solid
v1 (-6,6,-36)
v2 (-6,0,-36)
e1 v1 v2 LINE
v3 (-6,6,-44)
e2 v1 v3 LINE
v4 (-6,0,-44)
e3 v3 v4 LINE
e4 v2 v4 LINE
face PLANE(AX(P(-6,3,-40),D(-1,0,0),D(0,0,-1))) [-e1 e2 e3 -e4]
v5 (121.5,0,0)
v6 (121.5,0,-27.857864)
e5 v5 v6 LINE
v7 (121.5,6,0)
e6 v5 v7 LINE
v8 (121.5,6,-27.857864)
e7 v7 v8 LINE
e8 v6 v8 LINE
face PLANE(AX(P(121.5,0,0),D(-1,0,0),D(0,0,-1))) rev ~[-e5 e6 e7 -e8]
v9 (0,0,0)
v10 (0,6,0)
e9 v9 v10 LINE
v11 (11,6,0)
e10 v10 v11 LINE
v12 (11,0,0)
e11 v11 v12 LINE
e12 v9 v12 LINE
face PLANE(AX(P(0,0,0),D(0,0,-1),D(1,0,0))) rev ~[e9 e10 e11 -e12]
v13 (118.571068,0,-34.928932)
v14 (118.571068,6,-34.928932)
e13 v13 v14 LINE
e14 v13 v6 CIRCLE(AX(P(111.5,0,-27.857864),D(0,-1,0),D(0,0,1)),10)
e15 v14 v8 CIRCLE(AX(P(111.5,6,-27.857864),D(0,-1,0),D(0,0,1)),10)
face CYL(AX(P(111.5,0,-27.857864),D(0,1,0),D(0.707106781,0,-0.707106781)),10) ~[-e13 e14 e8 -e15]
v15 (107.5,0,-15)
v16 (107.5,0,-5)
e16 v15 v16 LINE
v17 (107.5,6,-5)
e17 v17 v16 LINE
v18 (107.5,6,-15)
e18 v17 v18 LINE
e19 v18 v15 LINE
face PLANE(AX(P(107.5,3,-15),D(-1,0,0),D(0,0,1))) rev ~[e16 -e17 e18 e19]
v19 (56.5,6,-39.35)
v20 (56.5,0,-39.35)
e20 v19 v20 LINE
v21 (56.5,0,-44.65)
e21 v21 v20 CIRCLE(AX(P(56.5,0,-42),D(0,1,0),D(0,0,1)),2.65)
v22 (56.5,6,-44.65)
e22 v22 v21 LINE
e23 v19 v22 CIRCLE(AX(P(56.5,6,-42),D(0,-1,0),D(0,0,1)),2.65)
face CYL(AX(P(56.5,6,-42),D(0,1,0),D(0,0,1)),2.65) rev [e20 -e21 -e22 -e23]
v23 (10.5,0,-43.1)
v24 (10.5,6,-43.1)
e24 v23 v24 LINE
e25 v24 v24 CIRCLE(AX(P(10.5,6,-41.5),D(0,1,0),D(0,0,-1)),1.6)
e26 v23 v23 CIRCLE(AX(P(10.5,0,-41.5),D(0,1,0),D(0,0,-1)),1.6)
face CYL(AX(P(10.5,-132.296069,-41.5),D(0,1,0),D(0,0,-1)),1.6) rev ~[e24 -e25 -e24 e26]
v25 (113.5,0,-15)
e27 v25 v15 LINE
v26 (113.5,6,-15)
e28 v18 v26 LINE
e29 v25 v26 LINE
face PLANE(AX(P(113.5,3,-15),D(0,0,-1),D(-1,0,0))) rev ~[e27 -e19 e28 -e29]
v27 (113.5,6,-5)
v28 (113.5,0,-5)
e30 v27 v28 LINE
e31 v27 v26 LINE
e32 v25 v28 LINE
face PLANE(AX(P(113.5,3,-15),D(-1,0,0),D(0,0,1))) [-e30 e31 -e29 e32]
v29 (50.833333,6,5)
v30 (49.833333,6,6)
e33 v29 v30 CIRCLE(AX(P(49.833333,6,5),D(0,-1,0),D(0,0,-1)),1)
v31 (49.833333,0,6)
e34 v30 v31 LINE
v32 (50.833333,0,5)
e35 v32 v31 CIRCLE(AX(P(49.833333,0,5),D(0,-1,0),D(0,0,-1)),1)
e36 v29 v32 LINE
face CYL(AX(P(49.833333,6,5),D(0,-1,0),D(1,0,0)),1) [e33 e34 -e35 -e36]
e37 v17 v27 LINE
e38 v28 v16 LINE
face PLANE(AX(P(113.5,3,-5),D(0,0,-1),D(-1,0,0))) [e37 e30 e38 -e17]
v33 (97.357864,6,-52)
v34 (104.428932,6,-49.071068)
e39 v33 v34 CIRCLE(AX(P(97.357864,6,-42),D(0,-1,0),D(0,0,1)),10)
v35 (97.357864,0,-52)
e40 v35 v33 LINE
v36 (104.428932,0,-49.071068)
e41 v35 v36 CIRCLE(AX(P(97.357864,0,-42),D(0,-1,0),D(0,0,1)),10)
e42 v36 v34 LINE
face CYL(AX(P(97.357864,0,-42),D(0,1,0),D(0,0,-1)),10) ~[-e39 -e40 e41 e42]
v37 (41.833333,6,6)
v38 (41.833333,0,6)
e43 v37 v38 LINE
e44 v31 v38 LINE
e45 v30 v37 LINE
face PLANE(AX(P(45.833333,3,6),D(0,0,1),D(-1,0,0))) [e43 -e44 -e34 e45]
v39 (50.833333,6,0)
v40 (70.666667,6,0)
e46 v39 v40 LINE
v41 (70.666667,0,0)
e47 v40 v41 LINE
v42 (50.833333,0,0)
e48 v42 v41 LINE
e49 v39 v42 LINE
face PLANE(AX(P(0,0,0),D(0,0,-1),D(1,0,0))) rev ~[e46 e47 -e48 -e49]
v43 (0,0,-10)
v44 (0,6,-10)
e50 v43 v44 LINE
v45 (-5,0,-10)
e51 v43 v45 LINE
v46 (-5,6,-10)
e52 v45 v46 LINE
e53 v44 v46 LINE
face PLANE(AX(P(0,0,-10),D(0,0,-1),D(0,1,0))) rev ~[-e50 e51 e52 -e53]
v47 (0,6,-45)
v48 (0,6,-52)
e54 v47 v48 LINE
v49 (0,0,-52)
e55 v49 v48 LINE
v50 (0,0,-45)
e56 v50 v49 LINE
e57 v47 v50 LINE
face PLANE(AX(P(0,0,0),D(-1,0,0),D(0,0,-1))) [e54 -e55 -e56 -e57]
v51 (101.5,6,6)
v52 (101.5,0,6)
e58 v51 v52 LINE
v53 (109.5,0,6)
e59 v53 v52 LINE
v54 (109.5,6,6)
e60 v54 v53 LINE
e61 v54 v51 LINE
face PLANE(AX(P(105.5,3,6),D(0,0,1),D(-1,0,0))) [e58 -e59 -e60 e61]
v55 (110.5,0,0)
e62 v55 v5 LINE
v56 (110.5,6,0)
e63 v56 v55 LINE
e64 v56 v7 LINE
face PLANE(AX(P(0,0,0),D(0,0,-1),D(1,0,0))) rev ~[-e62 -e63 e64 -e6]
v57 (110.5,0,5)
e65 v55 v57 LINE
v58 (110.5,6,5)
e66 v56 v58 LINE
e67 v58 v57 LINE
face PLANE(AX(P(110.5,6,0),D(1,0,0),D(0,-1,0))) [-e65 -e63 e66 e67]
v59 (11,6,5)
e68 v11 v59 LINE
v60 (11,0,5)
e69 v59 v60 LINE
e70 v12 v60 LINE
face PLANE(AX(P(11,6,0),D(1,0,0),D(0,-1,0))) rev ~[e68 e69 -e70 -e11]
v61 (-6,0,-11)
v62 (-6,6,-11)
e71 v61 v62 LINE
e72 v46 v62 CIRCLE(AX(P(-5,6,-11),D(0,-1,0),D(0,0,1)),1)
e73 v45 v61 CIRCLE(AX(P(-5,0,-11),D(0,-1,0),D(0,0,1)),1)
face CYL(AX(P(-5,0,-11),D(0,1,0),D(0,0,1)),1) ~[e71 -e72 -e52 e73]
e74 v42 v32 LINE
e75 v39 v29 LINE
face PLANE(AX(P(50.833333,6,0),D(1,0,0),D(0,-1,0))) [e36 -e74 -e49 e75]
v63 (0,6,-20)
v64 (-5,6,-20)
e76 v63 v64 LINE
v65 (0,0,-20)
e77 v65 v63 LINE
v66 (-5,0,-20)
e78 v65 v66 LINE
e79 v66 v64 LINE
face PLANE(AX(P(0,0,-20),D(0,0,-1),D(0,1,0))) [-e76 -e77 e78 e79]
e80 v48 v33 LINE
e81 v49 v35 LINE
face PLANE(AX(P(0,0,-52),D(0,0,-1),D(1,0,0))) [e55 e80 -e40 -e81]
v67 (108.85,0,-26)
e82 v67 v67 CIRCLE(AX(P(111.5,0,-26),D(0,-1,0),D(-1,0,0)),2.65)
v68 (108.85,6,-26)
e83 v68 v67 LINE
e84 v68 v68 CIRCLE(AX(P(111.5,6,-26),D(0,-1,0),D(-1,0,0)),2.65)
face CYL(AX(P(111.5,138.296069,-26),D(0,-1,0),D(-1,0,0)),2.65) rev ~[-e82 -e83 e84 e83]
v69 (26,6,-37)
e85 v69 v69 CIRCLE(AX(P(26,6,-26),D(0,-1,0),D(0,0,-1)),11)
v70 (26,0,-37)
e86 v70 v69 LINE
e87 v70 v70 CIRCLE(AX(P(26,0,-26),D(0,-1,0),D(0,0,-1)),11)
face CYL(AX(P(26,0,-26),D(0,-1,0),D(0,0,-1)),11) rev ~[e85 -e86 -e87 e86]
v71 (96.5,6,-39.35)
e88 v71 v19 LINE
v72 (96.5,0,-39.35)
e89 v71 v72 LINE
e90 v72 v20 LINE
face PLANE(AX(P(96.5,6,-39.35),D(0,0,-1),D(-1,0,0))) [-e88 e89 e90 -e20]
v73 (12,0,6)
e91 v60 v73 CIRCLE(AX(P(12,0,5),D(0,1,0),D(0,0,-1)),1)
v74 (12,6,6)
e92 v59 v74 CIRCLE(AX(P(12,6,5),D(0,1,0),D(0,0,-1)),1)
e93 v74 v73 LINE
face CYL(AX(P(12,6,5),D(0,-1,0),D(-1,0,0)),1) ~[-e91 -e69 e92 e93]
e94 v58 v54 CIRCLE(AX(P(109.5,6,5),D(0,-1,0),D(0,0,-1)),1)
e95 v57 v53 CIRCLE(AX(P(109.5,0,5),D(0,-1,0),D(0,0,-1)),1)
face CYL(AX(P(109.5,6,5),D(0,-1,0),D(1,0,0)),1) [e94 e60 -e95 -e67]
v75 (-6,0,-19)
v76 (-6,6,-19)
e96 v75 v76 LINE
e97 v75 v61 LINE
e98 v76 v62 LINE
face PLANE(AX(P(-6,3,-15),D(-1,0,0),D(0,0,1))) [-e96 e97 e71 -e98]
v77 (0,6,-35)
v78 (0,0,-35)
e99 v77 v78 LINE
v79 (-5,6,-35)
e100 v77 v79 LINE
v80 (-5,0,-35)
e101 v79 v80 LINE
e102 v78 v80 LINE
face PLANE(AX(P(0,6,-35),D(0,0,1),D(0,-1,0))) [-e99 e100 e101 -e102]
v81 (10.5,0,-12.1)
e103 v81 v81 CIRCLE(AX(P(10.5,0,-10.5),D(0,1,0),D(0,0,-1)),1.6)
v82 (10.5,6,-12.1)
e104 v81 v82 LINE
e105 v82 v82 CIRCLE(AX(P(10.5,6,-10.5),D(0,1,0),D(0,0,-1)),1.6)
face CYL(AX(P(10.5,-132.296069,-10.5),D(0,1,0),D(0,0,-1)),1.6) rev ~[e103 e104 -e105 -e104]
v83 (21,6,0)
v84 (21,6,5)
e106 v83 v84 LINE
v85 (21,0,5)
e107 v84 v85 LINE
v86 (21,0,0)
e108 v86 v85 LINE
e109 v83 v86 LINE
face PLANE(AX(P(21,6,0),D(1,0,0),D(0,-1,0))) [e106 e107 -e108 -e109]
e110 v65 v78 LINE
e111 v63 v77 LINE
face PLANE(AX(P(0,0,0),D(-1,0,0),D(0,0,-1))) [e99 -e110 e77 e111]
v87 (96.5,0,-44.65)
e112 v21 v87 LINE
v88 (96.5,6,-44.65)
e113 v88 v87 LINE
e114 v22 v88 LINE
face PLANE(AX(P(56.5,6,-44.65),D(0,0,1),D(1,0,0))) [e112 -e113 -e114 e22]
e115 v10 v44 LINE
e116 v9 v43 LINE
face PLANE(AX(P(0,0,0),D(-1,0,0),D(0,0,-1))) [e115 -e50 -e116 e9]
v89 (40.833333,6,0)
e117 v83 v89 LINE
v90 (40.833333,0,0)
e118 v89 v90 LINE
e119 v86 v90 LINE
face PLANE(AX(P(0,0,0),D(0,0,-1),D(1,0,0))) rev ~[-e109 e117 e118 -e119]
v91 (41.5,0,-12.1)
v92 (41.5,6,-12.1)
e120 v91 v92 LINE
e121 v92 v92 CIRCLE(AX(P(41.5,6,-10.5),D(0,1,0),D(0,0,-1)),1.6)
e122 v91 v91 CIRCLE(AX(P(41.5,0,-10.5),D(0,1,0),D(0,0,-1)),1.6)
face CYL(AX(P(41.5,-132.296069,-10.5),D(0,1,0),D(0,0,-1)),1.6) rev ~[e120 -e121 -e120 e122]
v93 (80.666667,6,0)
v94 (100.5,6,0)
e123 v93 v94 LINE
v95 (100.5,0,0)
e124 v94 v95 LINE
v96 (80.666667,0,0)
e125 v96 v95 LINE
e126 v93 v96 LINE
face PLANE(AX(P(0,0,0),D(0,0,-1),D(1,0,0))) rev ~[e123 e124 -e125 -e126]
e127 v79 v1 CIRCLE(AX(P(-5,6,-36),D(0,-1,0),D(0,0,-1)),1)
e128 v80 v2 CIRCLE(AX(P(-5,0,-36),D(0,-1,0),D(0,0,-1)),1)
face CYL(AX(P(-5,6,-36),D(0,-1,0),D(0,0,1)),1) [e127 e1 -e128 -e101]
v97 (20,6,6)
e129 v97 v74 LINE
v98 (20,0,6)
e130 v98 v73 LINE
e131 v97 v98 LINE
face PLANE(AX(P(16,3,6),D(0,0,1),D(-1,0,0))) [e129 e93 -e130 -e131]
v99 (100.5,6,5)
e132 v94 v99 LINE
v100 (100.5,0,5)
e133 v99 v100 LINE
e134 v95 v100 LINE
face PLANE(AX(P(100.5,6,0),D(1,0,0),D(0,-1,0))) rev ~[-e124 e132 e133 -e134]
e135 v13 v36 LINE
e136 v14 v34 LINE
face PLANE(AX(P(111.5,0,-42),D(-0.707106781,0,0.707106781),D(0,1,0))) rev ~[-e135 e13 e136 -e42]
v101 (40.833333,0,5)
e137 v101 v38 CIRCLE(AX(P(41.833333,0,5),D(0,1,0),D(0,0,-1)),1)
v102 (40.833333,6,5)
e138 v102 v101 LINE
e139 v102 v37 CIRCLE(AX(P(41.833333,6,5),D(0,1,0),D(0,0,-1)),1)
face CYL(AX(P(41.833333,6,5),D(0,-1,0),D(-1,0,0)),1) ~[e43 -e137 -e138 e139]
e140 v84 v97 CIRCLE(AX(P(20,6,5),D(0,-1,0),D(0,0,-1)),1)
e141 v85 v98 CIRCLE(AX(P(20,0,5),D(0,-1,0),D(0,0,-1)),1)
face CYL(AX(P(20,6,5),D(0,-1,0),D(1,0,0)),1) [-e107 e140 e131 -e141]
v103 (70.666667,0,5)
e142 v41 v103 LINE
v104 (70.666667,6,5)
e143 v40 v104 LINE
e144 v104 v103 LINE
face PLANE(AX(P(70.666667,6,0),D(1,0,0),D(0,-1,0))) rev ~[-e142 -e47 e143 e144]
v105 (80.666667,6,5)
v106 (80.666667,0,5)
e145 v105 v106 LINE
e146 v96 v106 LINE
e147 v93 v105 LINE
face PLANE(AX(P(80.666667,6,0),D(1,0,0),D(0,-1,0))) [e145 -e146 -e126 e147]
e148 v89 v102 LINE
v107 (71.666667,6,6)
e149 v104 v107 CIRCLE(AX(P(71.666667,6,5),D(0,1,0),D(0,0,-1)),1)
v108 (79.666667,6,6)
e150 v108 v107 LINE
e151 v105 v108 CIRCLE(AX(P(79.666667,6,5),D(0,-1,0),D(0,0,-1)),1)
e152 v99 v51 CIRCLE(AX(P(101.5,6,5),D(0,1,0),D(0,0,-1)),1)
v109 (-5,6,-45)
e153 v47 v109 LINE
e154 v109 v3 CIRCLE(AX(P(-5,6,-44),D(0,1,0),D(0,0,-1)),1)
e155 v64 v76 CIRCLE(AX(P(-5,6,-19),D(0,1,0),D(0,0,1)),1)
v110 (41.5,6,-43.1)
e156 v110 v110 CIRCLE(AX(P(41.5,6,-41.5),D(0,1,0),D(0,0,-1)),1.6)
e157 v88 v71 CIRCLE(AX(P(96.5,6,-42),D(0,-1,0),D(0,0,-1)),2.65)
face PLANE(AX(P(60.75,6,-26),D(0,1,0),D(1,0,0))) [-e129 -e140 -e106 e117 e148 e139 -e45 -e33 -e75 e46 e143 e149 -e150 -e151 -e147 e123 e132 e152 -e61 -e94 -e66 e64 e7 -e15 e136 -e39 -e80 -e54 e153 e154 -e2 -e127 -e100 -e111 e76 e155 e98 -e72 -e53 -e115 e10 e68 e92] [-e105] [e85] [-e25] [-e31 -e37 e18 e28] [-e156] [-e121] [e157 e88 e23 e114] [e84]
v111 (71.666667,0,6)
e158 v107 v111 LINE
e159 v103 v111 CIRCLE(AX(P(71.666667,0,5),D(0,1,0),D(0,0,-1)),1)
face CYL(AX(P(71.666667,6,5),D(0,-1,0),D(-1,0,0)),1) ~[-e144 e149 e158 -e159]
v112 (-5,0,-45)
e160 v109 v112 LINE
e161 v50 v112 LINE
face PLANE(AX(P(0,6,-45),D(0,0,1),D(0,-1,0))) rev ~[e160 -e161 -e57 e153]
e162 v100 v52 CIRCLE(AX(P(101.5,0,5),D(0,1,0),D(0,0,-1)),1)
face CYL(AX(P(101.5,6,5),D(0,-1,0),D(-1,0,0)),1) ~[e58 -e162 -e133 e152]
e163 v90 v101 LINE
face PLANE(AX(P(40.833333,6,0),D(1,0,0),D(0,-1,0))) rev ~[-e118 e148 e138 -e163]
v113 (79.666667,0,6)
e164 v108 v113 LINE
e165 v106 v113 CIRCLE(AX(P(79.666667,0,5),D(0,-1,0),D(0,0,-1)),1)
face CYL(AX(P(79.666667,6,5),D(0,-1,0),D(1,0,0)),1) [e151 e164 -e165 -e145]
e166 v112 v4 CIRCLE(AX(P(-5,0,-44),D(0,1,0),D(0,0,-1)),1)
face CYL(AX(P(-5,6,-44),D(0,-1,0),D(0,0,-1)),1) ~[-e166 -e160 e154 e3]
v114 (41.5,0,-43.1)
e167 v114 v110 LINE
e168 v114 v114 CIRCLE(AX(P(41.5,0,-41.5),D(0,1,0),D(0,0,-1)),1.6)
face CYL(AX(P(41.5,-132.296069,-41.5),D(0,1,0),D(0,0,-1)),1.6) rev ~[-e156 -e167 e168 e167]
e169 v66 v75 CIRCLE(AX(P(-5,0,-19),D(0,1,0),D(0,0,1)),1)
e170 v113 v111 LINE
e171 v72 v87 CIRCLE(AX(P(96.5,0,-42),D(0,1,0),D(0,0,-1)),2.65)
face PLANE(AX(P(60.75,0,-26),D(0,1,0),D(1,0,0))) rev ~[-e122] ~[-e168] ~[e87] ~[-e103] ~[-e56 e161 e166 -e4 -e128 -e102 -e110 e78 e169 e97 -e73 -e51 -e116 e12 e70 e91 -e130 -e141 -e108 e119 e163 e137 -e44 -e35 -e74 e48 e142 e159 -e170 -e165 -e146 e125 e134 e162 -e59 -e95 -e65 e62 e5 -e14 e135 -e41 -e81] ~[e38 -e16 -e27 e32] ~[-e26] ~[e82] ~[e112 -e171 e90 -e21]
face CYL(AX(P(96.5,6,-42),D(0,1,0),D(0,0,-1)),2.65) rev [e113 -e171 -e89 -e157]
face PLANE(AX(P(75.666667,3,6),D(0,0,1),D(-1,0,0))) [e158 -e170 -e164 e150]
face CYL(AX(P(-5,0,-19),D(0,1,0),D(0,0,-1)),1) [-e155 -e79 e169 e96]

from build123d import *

# Parameters (mm, degrees)
SKETCH1_W               = 121.5
SKETCH1_H               = 52
BOSS_EXTRUDE1_DEPTH     = 6
CHAMFER1_SIZE           = 20
M5_CLEARANCE_HOLE1_D    = 5.3
CUT_EXTRUDE4_DEPTH      = 7
M3_CLEARANCE_HOLE1_D    = 3.2
SKETCH6_R               = 11
CUT_EXTRUDE3_DEPTH      = 7
SKETCH234_W             = 10
SKETCH234_H             = 6
BOSS_EXTRUDE234_DEPTH   = 6
FILLET134_R             = 1
SKETCH2341_W            = 10
SKETCH2341_H            = 6
BOSS_EXTRUDE2341_DEPTH  = 6
FILLET1341_R            = 1
SKETCH2342_W            = 10
SKETCH2342_H            = 6
BOSS_EXTRUDE2342_DEPTH  = 6
FILLET1342_R            = 1
SKETCH2343_W            = 10
SKETCH2343_H            = 6
BOSS_EXTRUDE2343_DEPTH  = 6
FILLET1343_R            = 1
SKETCH2345_W            = 10
SKETCH2345_H            = 6
BOSS_EXTRUDE2345_DEPTH  = 6
FILLET1345_R            = 1
SKETCH2346_W            = 10
SKETCH2346_H            = 6
BOSS_EXTRUDE2346_DEPTH  = 6
FILLET1346_R            = 1
FILLET1347_R            = 10
SKETCH62_W              = 10
SKETCH62_H              = 6
CUT_EXTRUDE1_DEPTH      = 4
CUT_EXTRUDE1_DEPTH_BACK = 4


with BuildPart() as part:
    # Sketch1 → Boss-Extrude1 (new body)
    with BuildSketch(Plane(origin=(0, 0, 0), x_dir=(1, 0, 0), z_dir=(0, 1, 0))):
        with Locations((60.75, 26)):
            Rectangle(SKETCH1_W, SKETCH1_H)
    extrude(amount=BOSS_EXTRUDE1_DEPTH)

    # Chamfer1
    chamfer1_edges = [part.edges().sort_by_distance(p)[0] for p in [
        (121.5, 3, -52),
    ]]
    chamfer(chamfer1_edges, length=CHAMFER1_SIZE)

    # M5 Clearance Hole1 (through all)
    with Locations(Plane(origin=(0, 6, 0), x_dir=(1, 0, 0), z_dir=(0, 1, 0))):
        with Locations((111.5, 26)):
            Hole(M5_CLEARANCE_HOLE1_D / 2)

    # Sketch7 → Cut-Extrude4 (cut, through all)
    with BuildSketch(Plane(origin=(0, 6, 0), x_dir=(1, 0, 0), z_dir=(0, 1, 0))):
        with BuildLine():
            Line((56.5, 44.65), (96.5, 44.65))
            ThreePointArc((96.5, 44.65), (99.15, 42), (96.5, 39.35))
            Line((96.5, 39.35), (56.5, 39.35))
            ThreePointArc((56.5, 39.35), (53.85, 42), (56.5, 44.65))
        make_face()
    extrude(amount=-CUT_EXTRUDE4_DEPTH, mode=Mode.SUBTRACT)

    # M3 Clearance Hole1 (through all)
    with Locations(Plane(origin=(26, 0, -26), x_dir=(0, 0, 1), z_dir=(0, -1, 0))):
        with Locations((15.5, -15.5), (-15.5, -15.5), (-15.5, 15.5), (15.5, 15.5)):
            Hole(M3_CLEARANCE_HOLE1_D / 2)

    # Sketch6 → Cut-Extrude3 (cut, through all)
    with BuildSketch(Plane(origin=(26, 0, -26), x_dir=(0, 0, -1), z_dir=(0, -1, 0))):
        Circle(SKETCH6_R)
    extrude(amount=-CUT_EXTRUDE3_DEPTH, mode=Mode.SUBTRACT)

    # Sketch234 → Boss-Extrude234 (add)
    with BuildSketch(Plane(origin=(16.767778608, 6, 0), x_dir=(-1, 0, 0), z_dir=(0, 0, 1))):
        with Locations((0.767778608, 3)):
            Rectangle(SKETCH234_W, SKETCH234_H)
    extrude(amount=BOSS_EXTRUDE234_DEPTH)

    # Fillet134
    fillet134_edges = [part.edges().sort_by_distance(p)[0] for p in [
        (21, 3, 6),
        (11, 3, 6),
    ]]
    fillet(fillet134_edges, radius=FILLET134_R)

    # Sketch2341 → Boss-Extrude2341 (add)
    with BuildSketch(Plane(origin=(46.601111941, 6, 0), x_dir=(-1, 0, 0), z_dir=(0, 0, 1))):
        with Locations((0.767778608, 3)):
            Rectangle(SKETCH2341_W, SKETCH2341_H)
    extrude(amount=BOSS_EXTRUDE2341_DEPTH)

    # Fillet1341
    fillet1341_edges = [part.edges().sort_by_distance(p)[0] for p in [
        (40.833333333, 3, 6),
        (50.833333333, 3, 6),
    ]]
    fillet(fillet1341_edges, radius=FILLET1341_R)

    # Sketch2342 → Boss-Extrude2342 (add)
    with BuildSketch(Plane(origin=(76.434445274, 6, 0), x_dir=(-1, 0, 0), z_dir=(0, 0, 1))):
        with Locations((0.767778608, 3)):
            Rectangle(SKETCH2342_W, SKETCH2342_H)
    extrude(amount=BOSS_EXTRUDE2342_DEPTH)

    # Fillet1342
    fillet1342_edges = [part.edges().sort_by_distance(p)[0] for p in [
        (70.666666667, 3, 6),
        (80.666666667, 3, 6),
    ]]
    fillet(fillet1342_edges, radius=FILLET1342_R)

    # Sketch2343 → Boss-Extrude2343 (add)
    with BuildSketch(Plane(origin=(106.267778608, 6, 0), x_dir=(-1, 0, 0), z_dir=(0, 0, 1))):
        with Locations((0.767778608, 3)):
            Rectangle(SKETCH2343_W, SKETCH2343_H)
    extrude(amount=BOSS_EXTRUDE2343_DEPTH)

    # Fillet1343
    fillet1343_edges = [part.edges().sort_by_distance(p)[0] for p in [
        (100.5, 3, 6),
        (110.5, 3, 6),
    ]]
    fillet(fillet1343_edges, radius=FILLET1343_R)

    # Sketch2345 → Boss-Extrude2345 (add)
    with BuildSketch(Plane(origin=(0, 0, -15.767778608), x_dir=(0, 0, 1), z_dir=(-1, 0, 0))):
        with Locations((0.767778608, 3)):
            Rectangle(SKETCH2345_W, SKETCH2345_H)
    extrude(amount=BOSS_EXTRUDE2345_DEPTH)

    # Fillet1345
    fillet1345_edges = [part.edges().sort_by_distance(p)[0] for p in [
        (-6, 3, -20),
        (-6, 3, -10),
    ]]
    fillet(fillet1345_edges, radius=FILLET1345_R)

    # Sketch2346 → Boss-Extrude2346 (add)
    with BuildSketch(Plane(origin=(0, 6, -39.232221392), x_dir=(0, 0, -1), z_dir=(-1, 0, 0))):
        with Locations((0.767778608, 3)):
            Rectangle(SKETCH2346_W, SKETCH2346_H)
    extrude(amount=BOSS_EXTRUDE2346_DEPTH)

    # Fillet1346
    fillet1346_edges = [part.edges().sort_by_distance(p)[0] for p in [
        (-6, 3, -45),
        (-6, 3, -35),
    ]]
    fillet(fillet1346_edges, radius=FILLET1346_R)

    # Fillet1347
    fillet1347_edges = [part.edges().sort_by_distance(p)[0] for p in [
        (101.5, 3, -52),
        (121.5, 3, -32),
    ]]
    fillet(fillet1347_edges, radius=FILLET1347_R)

    # Sketch62 → Cut-Extrude1 (cut, two sides)
    with BuildSketch(Plane(origin=(66.5, 3, -10.767778608), x_dir=(0, 0, 1), z_dir=(0, -1, 0))) as cut_extrude1_sk:
        with Locations((0.767778608, -44)):
            Rectangle(SKETCH62_W, SKETCH62_H)
    extrude(amount=CUT_EXTRUDE1_DEPTH, mode=Mode.SUBTRACT)
    extrude(cut_extrude1_sk.sketch, amount=-CUT_EXTRUDE1_DEPTH_BACK, mode=Mode.SUBTRACT)


solid = part.part
